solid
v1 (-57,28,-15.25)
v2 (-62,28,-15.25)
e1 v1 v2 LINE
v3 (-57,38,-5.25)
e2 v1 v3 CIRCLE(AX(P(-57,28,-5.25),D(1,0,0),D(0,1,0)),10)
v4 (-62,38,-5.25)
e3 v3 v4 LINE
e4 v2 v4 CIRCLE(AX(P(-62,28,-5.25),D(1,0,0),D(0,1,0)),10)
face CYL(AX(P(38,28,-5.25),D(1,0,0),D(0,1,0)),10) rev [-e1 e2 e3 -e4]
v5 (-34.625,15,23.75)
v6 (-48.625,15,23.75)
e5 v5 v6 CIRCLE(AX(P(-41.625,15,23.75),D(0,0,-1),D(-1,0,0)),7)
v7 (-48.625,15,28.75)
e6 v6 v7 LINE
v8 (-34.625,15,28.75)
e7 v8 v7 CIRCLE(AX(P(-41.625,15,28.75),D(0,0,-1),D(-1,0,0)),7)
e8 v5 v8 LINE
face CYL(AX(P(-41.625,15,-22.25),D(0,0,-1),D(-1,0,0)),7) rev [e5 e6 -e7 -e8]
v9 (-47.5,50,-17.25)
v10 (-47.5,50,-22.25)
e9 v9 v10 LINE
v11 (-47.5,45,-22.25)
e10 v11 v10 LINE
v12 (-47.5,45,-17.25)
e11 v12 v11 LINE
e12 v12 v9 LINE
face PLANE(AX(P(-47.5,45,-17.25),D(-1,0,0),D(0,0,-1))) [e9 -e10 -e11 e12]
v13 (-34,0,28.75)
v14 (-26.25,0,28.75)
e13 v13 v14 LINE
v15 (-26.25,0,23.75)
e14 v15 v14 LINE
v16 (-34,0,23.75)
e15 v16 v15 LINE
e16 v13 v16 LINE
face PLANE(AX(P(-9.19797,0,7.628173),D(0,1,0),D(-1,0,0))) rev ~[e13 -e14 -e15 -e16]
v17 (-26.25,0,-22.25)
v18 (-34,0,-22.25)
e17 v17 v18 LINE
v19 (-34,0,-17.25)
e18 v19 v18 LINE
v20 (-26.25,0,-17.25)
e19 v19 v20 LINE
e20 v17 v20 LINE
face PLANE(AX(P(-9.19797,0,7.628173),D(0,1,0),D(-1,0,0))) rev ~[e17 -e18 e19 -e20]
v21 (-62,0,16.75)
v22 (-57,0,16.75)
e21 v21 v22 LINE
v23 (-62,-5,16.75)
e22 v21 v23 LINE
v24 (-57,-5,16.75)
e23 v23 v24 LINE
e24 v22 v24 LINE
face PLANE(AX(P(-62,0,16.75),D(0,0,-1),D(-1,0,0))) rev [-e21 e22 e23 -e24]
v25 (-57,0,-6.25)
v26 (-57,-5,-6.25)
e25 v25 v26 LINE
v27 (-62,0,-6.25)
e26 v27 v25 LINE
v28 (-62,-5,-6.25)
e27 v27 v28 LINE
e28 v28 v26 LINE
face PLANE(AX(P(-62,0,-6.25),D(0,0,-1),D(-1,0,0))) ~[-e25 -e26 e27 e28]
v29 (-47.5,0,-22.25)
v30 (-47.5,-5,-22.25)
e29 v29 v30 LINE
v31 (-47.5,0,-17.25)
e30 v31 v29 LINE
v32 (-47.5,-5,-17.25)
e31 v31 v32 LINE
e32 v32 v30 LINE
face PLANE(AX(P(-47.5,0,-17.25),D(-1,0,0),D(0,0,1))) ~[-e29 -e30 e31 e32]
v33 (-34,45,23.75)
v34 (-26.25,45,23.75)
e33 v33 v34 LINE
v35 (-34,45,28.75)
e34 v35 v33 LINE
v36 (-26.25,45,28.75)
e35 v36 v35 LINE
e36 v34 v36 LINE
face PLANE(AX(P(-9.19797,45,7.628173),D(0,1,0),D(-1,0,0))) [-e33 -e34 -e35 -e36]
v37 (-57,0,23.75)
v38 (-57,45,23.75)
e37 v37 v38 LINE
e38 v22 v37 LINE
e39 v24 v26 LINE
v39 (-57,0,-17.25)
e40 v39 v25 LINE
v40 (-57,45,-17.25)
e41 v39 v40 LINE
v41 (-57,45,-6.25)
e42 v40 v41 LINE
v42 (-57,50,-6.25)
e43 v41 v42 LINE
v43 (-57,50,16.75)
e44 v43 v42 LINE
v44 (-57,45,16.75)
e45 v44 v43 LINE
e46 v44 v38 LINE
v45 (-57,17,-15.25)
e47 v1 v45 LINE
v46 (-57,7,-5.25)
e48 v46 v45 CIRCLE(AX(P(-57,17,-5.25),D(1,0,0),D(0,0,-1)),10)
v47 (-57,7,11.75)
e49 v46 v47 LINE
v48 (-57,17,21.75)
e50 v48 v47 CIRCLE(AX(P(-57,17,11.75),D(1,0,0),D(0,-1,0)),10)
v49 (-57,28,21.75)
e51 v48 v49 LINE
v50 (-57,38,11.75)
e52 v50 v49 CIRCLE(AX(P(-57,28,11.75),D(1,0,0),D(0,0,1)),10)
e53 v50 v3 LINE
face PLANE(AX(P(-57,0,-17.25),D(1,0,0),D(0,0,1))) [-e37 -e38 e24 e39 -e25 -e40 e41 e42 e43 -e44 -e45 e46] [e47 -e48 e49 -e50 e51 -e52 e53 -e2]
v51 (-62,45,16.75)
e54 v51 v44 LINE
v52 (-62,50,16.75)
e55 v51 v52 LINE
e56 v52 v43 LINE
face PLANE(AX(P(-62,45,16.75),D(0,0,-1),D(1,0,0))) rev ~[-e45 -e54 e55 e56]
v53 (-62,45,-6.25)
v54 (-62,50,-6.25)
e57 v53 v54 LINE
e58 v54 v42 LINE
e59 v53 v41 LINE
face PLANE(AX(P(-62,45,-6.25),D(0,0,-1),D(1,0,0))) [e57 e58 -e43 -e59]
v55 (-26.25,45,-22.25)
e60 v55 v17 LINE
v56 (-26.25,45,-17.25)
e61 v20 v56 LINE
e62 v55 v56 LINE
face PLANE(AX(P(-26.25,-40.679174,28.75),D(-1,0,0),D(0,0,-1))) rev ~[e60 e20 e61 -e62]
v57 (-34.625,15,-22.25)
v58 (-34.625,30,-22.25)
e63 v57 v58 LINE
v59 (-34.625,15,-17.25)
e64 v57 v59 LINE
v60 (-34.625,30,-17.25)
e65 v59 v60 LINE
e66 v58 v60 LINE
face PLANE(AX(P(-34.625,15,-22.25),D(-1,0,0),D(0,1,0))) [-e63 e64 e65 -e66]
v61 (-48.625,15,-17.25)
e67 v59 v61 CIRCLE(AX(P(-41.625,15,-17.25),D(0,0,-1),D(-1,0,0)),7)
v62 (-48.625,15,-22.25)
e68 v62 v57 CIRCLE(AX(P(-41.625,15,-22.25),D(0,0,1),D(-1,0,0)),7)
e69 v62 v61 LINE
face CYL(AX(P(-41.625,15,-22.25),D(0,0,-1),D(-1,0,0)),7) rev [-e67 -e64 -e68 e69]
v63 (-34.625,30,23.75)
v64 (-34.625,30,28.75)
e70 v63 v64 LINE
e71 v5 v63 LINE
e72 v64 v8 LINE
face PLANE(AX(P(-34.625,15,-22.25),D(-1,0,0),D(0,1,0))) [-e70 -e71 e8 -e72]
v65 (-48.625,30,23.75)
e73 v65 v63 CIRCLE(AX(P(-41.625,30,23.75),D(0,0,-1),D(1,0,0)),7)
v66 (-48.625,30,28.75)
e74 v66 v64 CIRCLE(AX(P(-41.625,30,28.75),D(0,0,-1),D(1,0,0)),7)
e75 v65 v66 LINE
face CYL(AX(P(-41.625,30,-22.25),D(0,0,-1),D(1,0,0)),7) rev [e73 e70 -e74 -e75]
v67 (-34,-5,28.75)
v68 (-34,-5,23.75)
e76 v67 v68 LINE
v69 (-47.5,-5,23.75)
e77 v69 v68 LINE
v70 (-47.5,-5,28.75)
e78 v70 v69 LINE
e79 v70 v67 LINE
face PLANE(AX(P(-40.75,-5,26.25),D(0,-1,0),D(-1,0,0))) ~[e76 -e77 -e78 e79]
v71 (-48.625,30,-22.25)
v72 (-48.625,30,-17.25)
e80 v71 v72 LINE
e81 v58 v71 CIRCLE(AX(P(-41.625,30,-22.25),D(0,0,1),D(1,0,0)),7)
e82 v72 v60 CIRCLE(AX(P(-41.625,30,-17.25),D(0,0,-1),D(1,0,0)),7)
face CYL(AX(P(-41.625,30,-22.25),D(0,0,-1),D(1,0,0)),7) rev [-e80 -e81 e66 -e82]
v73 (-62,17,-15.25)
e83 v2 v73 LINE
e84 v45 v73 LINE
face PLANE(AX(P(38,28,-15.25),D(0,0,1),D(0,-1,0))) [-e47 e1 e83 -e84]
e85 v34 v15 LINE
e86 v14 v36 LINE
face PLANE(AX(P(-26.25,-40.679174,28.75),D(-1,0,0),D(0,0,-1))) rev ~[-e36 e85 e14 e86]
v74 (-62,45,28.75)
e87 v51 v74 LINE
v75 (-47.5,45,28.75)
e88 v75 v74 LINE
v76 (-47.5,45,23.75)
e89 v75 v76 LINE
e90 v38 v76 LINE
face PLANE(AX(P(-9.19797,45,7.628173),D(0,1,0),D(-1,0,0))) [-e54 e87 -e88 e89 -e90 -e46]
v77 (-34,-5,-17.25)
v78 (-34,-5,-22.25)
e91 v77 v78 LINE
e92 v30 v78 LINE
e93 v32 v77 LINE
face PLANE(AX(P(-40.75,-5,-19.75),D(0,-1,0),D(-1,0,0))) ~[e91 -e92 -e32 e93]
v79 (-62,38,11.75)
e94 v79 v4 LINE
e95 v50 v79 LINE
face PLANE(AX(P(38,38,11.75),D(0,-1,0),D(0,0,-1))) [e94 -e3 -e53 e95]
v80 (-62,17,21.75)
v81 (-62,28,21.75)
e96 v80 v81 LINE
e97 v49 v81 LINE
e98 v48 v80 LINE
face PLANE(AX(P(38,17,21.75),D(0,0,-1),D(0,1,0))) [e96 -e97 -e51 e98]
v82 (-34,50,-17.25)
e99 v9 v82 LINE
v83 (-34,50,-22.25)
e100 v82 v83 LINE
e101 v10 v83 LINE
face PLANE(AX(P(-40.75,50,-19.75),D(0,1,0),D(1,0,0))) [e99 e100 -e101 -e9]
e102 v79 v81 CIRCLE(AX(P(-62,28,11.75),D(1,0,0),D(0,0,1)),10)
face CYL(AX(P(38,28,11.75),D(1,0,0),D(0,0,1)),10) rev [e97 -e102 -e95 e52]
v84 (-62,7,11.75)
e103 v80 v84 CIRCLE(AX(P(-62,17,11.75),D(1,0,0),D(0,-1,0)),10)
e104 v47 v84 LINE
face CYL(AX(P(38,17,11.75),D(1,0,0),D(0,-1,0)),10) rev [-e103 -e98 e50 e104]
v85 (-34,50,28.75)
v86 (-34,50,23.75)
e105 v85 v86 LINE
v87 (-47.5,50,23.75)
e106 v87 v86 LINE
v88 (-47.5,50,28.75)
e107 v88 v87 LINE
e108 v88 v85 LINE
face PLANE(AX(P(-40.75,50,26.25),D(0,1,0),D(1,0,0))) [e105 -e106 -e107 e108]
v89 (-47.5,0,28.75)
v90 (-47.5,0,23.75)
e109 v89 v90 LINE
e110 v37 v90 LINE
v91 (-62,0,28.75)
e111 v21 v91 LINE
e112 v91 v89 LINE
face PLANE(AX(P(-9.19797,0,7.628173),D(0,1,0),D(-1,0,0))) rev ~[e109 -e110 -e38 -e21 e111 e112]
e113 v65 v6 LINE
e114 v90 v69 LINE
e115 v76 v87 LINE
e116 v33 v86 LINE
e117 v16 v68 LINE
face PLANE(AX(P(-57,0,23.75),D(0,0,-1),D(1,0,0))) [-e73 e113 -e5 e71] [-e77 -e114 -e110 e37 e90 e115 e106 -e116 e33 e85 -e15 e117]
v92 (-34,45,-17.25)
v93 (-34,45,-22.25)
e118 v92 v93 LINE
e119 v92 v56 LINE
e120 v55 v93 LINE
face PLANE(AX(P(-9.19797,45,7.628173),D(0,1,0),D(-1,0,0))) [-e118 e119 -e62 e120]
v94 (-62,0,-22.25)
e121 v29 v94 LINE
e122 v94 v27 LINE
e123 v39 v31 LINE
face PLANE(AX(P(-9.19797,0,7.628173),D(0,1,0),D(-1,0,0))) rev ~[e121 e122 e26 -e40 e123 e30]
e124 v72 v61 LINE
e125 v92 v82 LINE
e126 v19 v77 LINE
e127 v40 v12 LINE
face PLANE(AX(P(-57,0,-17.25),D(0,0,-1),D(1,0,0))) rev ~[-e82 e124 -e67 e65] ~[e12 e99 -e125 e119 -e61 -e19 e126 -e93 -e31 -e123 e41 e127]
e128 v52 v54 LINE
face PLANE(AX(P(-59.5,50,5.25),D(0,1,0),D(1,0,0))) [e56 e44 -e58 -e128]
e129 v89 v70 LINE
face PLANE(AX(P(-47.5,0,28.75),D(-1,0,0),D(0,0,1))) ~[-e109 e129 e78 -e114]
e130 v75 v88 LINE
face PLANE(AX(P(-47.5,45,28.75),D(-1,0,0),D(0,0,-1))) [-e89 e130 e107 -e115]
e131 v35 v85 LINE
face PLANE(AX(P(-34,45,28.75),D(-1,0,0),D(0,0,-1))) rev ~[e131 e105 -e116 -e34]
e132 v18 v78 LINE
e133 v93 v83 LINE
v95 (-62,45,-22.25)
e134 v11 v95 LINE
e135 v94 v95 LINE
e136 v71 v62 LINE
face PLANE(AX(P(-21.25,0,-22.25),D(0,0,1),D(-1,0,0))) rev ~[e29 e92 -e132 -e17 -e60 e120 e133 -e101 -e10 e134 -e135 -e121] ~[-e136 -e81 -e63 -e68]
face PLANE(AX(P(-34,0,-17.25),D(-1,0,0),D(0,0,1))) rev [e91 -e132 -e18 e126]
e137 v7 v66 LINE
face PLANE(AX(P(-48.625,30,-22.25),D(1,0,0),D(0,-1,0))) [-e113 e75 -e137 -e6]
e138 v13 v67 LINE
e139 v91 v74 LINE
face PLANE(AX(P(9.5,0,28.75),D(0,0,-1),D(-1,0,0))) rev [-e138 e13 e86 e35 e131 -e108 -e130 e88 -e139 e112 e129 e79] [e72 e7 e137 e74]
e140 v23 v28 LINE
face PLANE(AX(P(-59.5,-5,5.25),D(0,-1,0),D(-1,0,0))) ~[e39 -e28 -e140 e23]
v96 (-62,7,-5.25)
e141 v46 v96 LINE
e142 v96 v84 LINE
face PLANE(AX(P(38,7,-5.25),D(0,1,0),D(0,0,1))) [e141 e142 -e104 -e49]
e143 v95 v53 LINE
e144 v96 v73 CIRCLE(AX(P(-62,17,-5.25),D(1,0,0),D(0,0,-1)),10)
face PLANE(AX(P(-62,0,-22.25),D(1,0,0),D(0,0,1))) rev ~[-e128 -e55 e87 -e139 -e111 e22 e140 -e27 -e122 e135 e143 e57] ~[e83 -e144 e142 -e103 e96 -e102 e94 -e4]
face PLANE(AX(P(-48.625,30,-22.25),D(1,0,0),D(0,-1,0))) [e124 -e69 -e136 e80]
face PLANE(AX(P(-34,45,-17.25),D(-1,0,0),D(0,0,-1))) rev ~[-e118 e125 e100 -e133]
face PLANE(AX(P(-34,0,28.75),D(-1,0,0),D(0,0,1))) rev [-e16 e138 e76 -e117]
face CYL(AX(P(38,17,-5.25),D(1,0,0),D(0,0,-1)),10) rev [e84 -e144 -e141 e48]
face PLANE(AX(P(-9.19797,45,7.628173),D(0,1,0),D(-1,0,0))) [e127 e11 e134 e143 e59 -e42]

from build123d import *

# Parameters (mm, degrees)
ESQUISSE1_W                  = 52.5
ESQUISSE1_H                  = 57.5
ESQUISSE1_W_2                = 42.5
ESQUISSE1_H_2                = 47.5
EXTRU_MINCE1_DEPTH           = 20
ESQUISSE3_W                  = 6.75
ESQUISSE3_H                  = 41
ESQUISSE3_W_2                = 30.75
BOSS_EXTRU_1_DEPTH           = 45
ESQUISSE6_W                  = 5
ESQUISSE6_H                  = 23
ESQUISSE6_W_2                = 13.5
ESQUISSE6_H_2                = 5
BOSS_EXTRU_3_DEPTH           = 5
ENL_V_MAT_EXTRU_1_REACH      = 100.236
ESQUISSE2_R                  = 1.6
ENL_V_START                  = -3
ENL_V_MAT_EXTRU_2_DEPTH      = 3
CONG_1_R                     = 3
ENL_V_MAT_EXTRU_3_DEPTH      = 116.440731547
ENL_V_MAT_EXTRU_4_DEPTH      = 95.578010129
ENL_V_MAT_EXTRU_5_DEPTH      = 85.679173945
ENL_V_MAT_EXTRU_5_DEPTH_BACK = 85.679173945
ESQUISSE11_W                 = 64.25
ESQUISSE11_H                 = 72.384582196


with BuildPart() as part:
    # Esquisse1 → Extru.-Mince1 (new body)
    with BuildSketch(Plane(origin=(0, 0, 0), x_dir=(1, 0, 0), z_dir=(0, 1, 0))):
        Rectangle(ESQUISSE1_W, ESQUISSE1_H)
        Rectangle(ESQUISSE1_W_2, ESQUISSE1_H_2, mode=Mode.SUBTRACT)
    extrude(amount=EXTRU_MINCE1_DEPTH)

    # Esquisse3 → Boss.-Extru.1 (add)
    with BuildSketch(Plane.XZ):
        Polygon((26.25, 28.75), (38, 28.75), (38, -22.25), (21.25, -22.25), (21.25, 23.75), (-21.25, 23.75), (-21.25, -22.25), (-62, -22.25), (-62, 28.75), (-26.25, 28.75), (0, 28.75), align=None)
        with Locations((29.625, 3.25)):
            Rectangle(ESQUISSE3_W, ESQUISSE3_H, mode=Mode.SUBTRACT)
        with Locations((-41.625, 3.25)):
            Rectangle(ESQUISSE3_W_2, ESQUISSE3_H, mode=Mode.SUBTRACT)
    extrude(amount=-BOSS_EXTRU_1_DEPTH)

    # Esquisse6 → Boss.-Extru.3 (add)
    with BuildSketch(Plane(origin=(0, 45, 0), x_dir=(1, 0, 0), z_dir=(0, 1, 0))):
        with Locations((35.5, -5.25)):
            Rectangle(ESQUISSE6_W, ESQUISSE6_H)
        with Locations((16.25, -26.25)):
            Rectangle(ESQUISSE6_W_2, ESQUISSE6_H_2)
        with Locations((-12.25, -26.25)):
            Rectangle(ESQUISSE6_W_2, ESQUISSE6_H_2)
        with Locations((-40.75, -26.25)):
            Rectangle(ESQUISSE6_W_2, ESQUISSE6_H_2)
        with Locations((-40.75, 19.75)):
            Rectangle(ESQUISSE6_W_2, ESQUISSE6_H_2)
        with Locations((-59.5, -5.25)):
            Rectangle(ESQUISSE6_W, ESQUISSE6_H)
    boss_extru_3 = extrude(amount=BOSS_EXTRU_3_DEPTH)

    # Esquisse2 → Enlèv. mat.-Extru.1 (cut, up to next)
    with BuildSketch(Plane.XY.offset(28.75), mode=Mode.PRIVATE) as enl_v_mat_extru_1_sk1:
        with Locations((-15.5, 5.2)):
            Circle(ESQUISSE2_R)
    enl_v_mat_extru_1_tool1 = extrude(enl_v_mat_extru_1_sk1.sketch, amount=-ENL_V_MAT_EXTRU_1_REACH, mode=Mode.PRIVATE) & part.part
    # Esquisse2 → Enlèv. mat.-Extru.1 (cut, up to next)
    with BuildSketch(Plane.XY.offset(28.75), mode=Mode.PRIVATE) as enl_v_mat_extru_1_sk2:
        with Locations((15.5, 5.2)):
            Circle(ESQUISSE2_R)
    enl_v_mat_extru_1_tool2 = extrude(enl_v_mat_extru_1_sk2.sketch, amount=-ENL_V_MAT_EXTRU_1_REACH, mode=Mode.PRIVATE) & part.part
    # Esquisse2 → Enlèv. mat.-Extru.1 (cut, up to next)
    with BuildSketch(Plane.XY.offset(28.75), mode=Mode.PRIVATE) as enl_v_mat_extru_1_sk3:
        with Locations(Location((15.5, 34.8, 0), (0, 0, 180))):
            Circle(ESQUISSE2_R)
    enl_v_mat_extru_1_tool3 = extrude(enl_v_mat_extru_1_sk3.sketch, amount=-ENL_V_MAT_EXTRU_1_REACH, mode=Mode.PRIVATE) & part.part
    # Esquisse2 → Enlèv. mat.-Extru.1 (cut, up to next)
    with BuildSketch(Plane.XY.offset(28.75), mode=Mode.PRIVATE) as enl_v_mat_extru_1_sk4:
        with Locations(Location((-15.5, 34.8, 0), (0, 0, 180))):
            Circle(ESQUISSE2_R)
    enl_v_mat_extru_1_tool4 = extrude(enl_v_mat_extru_1_sk4.sketch, amount=-ENL_V_MAT_EXTRU_1_REACH, mode=Mode.PRIVATE) & part.part
    # Esquisse2 → Enlèv. mat.-Extru.1 (cut, up to next)
    with BuildSketch(Plane.XY.offset(28.75), mode=Mode.PRIVATE) as enl_v_mat_extru_1_sk5:
        with BuildLine():
            Line((2.65, 36.215870824), (2.65, 32.215870824))
            ThreePointArc((2.65, 32.215870824), (0, 7.5), (-2.65, 32.215870824))
            Line((-2.65, 32.215870824), (-2.65, 36.215870824))
            ThreePointArc((-2.65, 36.215870824), (0, 38.865870824), (2.65, 36.215870824))
        make_face()
    enl_v_mat_extru_1_tool5 = extrude(enl_v_mat_extru_1_sk5.sketch, amount=-ENL_V_MAT_EXTRU_1_REACH, mode=Mode.PRIVATE) & part.part
    add(enl_v_mat_extru_1_tool1.solids().sort_by_distance((-15.5, 5.2, 28.75))[0], mode=Mode.SUBTRACT)
    add(enl_v_mat_extru_1_tool2.solids().sort_by_distance((15.5, 5.2, 28.75))[0], mode=Mode.SUBTRACT)
    add(enl_v_mat_extru_1_tool3.solids().sort_by_distance((15.5, 34.8, 28.75))[0], mode=Mode.SUBTRACT)
    add(enl_v_mat_extru_1_tool4.solids().sort_by_distance((-15.5, 34.8, 28.75))[0], mode=Mode.SUBTRACT)
    add(enl_v_mat_extru_1_tool5.solids().sort_by_distance((0, 20.91985, 28.75))[0], mode=Mode.SUBTRACT)

    # Esquisse4 → Enlèv. mat.-Extru.2 (cut)
    with BuildSketch(Plane(origin=(0, 0, 23.75), x_dir=(-1, 0, 0), z_dir=(0, 0, -1)).offset(ENL_V_START)):
        with BuildLine():
            Line((-12.5, 20), (-12.5, 50))
            Line((-12.5, 50), (12.5, 50))
            Line((12.5, 50), (12.5, 20))
            ThreePointArc((12.5, 20), (0, 32.5), (-12.5, 20))
        make_face()
    extrude(amount=ENL_V_MAT_EXTRU_2_DEPTH, mode=Mode.SUBTRACT)

    # Symétrie1: Boss.-Extru.3 across plane
    add(boss_extru_3.mirror(Plane(origin=(0, 22.5, 0), x_dir=(0, 0, 1), z_dir=(0, -1, 0))))

    # Congé1
    cong_1_edges = [part.edges().sort_by_distance(p)[0] for p in [
        (0, 20, -23.75),
    ]]
    fillet(cong_1_edges, radius=CONG_1_R)

    # Esquisse7 → Enlèv. mat.-Extru.3 (cut, through all)
    with BuildSketch(Plane(origin=(38, 0, 0), x_dir=(0, 0, -1), z_dir=(1, 0, 0))):
        with BuildLine():
            Line((-11.75, 38), (5.25, 38))
            ThreePointArc((5.25, 38), (12.321067812, 35.071067812), (15.25, 28))
            Line((15.25, 28), (15.25, 17))
            ThreePointArc((15.25, 17), (12.321067812, 9.928932188), (5.25, 7))
            Line((5.25, 7), (-11.75, 7))
            ThreePointArc((-11.75, 7), (-18.821067812, 9.928932188), (-21.75, 17))
            Line((-21.75, 17), (-21.75, 28))
            ThreePointArc((-21.75, 28), (-18.821067812, 35.071067812), (-11.75, 38))
        make_face()
    extrude(amount=-ENL_V_MAT_EXTRU_3_DEPTH, mode=Mode.SUBTRACT)

    # Esquisse8 → Enlèv. mat.-Extru.4 (cut, through all)
    with BuildSketch(Plane(origin=(0, 0, -22.25), x_dir=(-1, 0, 0), z_dir=(0, 0, -1))):
        with BuildLine():
            Line((48.625, 30), (48.625, 15))
            ThreePointArc((48.625, 15), (41.625, 8), (34.625, 15))
            Line((34.625, 15), (34.625, 30))
            ThreePointArc((34.625, 30), (41.625, 37), (48.625, 30))
        make_face()
    extrude(amount=-ENL_V_MAT_EXTRU_4_DEPTH, mode=Mode.SUBTRACT)

    # Esquisse11 → Enlèv. mat.-Extru.5 (cut, two sides: drawn at the far end of the back side and taken through both)
    with BuildSketch(Plane(origin=(0, 45, 0), x_dir=(1, 0, 0), z_dir=(0, 1, 0)).offset(-ENL_V_MAT_EXTRU_5_DEPTH_BACK)):
        with Locations((5.875, 7.442291098)):
            Rectangle(ESQUISSE11_W, ESQUISSE11_H)
    extrude(amount=ENL_V_MAT_EXTRU_5_DEPTH + ENL_V_MAT_EXTRU_5_DEPTH_BACK, mode=Mode.SUBTRACT)


solid = part.part
